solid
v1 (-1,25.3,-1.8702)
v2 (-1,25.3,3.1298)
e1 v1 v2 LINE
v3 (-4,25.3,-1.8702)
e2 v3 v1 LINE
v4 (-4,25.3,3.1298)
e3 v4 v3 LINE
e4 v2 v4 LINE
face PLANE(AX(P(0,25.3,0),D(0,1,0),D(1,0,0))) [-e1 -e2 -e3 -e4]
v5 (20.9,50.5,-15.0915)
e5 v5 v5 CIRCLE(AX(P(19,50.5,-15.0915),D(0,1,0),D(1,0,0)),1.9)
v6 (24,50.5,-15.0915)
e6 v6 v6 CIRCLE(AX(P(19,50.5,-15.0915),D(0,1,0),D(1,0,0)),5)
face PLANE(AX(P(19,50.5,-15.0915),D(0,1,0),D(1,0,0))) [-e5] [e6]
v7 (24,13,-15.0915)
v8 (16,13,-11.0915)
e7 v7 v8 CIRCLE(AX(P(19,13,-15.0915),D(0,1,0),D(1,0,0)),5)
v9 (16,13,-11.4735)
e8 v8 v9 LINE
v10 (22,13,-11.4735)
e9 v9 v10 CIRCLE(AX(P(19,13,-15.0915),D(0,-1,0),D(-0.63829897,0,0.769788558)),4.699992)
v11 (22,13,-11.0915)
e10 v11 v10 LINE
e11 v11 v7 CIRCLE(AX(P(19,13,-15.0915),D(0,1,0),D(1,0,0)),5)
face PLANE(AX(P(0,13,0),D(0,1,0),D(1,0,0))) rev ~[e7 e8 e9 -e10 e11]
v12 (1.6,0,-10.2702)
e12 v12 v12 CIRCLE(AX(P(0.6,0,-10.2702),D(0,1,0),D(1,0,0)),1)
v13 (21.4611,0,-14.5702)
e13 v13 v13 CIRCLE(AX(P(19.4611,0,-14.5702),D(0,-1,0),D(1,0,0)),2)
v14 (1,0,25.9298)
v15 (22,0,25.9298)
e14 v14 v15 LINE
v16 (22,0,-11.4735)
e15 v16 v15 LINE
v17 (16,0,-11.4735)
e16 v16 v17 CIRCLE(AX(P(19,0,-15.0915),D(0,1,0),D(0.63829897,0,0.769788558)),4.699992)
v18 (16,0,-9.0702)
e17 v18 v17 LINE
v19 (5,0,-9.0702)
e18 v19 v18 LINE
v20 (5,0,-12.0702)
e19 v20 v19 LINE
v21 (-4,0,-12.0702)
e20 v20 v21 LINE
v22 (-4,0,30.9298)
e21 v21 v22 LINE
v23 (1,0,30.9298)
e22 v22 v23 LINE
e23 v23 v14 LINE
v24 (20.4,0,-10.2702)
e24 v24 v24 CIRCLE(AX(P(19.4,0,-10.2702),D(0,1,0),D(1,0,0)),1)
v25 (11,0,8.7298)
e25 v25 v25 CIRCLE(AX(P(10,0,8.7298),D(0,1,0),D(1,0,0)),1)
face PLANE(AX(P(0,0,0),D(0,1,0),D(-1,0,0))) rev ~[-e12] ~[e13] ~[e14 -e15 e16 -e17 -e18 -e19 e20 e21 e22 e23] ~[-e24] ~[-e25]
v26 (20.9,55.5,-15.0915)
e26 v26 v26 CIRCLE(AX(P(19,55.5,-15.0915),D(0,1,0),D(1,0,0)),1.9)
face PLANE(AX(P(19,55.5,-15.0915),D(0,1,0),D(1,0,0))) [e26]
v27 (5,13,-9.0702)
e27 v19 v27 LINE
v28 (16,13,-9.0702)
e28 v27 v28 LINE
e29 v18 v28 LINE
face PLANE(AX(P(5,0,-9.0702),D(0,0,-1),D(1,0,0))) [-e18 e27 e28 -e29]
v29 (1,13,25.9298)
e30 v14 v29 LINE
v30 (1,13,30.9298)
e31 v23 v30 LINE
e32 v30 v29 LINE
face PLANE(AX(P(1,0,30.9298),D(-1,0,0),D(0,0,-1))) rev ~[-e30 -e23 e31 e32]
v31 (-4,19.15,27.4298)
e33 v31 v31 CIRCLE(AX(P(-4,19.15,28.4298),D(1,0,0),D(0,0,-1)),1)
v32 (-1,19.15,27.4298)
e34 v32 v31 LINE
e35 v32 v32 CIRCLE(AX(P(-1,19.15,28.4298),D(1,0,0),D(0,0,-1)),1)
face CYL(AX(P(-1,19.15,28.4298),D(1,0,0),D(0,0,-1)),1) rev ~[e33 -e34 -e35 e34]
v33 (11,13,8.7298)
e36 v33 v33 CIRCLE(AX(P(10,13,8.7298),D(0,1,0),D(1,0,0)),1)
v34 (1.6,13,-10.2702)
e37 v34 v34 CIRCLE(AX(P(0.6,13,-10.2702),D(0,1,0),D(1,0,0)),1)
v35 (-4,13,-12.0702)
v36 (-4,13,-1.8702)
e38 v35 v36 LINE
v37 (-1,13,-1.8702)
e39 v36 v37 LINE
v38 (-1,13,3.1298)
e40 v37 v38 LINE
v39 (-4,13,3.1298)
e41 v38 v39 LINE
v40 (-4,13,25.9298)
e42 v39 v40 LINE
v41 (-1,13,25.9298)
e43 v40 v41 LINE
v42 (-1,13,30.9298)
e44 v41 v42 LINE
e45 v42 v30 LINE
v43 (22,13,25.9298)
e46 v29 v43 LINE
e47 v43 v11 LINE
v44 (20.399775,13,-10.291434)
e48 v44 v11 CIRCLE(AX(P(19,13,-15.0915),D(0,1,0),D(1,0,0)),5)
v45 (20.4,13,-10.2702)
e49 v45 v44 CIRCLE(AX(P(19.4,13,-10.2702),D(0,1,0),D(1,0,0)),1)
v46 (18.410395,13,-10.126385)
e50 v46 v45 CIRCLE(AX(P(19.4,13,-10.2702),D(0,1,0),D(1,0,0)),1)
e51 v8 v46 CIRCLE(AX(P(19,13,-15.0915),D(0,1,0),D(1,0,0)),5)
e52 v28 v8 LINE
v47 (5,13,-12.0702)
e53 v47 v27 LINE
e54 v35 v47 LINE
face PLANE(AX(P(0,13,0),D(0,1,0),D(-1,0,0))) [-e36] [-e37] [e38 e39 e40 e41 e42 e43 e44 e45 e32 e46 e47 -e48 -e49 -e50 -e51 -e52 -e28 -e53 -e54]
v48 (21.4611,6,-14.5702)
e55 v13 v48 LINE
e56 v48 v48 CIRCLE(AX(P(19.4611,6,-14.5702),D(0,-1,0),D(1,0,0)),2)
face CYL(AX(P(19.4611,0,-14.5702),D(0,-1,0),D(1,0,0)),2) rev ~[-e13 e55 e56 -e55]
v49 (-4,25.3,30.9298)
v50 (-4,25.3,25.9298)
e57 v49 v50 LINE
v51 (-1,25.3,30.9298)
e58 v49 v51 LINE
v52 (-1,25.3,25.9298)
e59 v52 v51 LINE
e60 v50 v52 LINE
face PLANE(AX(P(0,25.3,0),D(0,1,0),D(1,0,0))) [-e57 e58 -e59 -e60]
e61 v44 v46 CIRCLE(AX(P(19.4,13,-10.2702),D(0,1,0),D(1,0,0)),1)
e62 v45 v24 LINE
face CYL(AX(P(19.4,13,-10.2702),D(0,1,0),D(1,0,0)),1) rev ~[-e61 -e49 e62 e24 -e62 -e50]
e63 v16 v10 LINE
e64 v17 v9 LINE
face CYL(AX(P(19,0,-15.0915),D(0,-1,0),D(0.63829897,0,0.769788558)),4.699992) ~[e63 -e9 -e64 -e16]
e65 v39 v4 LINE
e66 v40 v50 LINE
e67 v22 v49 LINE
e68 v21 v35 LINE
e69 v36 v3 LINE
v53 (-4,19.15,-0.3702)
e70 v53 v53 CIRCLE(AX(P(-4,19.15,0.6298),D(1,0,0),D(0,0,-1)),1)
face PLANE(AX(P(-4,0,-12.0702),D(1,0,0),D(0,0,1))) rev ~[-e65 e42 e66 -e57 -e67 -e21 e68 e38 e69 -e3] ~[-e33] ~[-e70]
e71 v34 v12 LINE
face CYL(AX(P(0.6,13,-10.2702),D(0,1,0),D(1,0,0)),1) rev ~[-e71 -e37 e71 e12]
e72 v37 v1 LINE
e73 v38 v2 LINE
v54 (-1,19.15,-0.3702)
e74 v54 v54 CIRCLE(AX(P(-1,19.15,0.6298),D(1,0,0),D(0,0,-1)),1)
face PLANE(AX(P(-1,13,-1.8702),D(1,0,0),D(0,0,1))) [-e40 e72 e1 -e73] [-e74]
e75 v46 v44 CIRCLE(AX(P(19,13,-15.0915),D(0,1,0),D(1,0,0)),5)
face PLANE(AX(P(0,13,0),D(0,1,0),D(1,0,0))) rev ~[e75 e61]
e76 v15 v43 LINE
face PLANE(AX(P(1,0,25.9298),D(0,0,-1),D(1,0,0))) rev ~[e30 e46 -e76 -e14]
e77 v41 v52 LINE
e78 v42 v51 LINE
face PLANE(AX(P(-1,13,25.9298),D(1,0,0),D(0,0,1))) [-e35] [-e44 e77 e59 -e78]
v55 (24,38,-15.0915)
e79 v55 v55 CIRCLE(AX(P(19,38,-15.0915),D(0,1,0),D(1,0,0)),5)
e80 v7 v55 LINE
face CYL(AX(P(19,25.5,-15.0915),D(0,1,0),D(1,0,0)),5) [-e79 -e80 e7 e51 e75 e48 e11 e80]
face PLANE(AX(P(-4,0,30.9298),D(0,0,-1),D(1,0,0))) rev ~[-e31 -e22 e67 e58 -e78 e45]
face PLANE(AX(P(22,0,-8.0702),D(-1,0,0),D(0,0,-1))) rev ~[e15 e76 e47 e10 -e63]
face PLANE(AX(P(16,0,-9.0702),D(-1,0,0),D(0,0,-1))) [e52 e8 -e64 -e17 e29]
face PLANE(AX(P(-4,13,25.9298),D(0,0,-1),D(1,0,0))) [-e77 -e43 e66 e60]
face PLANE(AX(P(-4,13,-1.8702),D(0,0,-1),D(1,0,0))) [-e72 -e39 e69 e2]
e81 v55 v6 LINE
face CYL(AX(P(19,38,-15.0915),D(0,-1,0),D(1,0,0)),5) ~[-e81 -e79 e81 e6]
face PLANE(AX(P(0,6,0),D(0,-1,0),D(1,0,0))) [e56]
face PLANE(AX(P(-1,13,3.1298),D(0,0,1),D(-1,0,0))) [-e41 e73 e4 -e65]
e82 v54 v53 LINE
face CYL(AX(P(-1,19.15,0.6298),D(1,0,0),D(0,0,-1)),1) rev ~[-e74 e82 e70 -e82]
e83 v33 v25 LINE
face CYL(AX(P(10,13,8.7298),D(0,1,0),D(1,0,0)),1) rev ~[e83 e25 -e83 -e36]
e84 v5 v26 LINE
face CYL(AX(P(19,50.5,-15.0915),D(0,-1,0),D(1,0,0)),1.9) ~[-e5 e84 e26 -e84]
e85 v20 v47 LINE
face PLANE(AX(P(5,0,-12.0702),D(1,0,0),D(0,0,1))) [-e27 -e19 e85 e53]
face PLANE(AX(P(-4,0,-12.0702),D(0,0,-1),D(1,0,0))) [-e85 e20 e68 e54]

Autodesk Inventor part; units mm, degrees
ref_plane "YZ Plane" through (0, 0, 0) normal (1, 0, 0) x (0, 1, 0)
ref_plane "XZ Plane" through (0, 0, 0) normal (0, 1, 0) x (-1, 0, 0)
ref_plane "XY Plane" through (0, 0, 0) normal (0, 0, 1) x (1, 0, 0)
sketch "Sketch1" plane through (0, 0, 0) normal (0, 1, 0) x (-1, 0, 0)
  line L0 (4, -12.0702) -> (4, 30.9298)
  line L1 (4, 30.9298) -> (-1, 30.9298)
  line L2 (-1, 30.9298) -> (-1, 25.9298)
  line L3 (-1, 25.9298) -> (-22, 25.9298)
  line L4 (4, -12.0702) -> (-1, -12.0702)
  line L5 (-1, -12.0702) -> (-1, -12.0702)
  line L6 (-22, -8.0702) -> (-22, -8.0702)
  line L7 (-22, -8.0702) -> (-22, 3.3216)
  line L8 (-22, 3.3216) -> (-22, 3.3216)
  line L9 (-22, 3.3216) -> (-22, 25.9298)
  line L10 (-1, -12.0702) -> (-5, -12.0702)
  line L11 (-5, -12.0702) -> (-5, -9.0702)
  line L12 (-5, -9.0702) -> (-16, -9.0702)
  arc A0 (-22, -11.4735) -> (-16, -11.4735) centre (-19, -15.0915) ccw
  line L13 (-16, -9.0702) -> (-16, -11.4735)
  line L14 (-22, -8.0702) -> (-22, -11.4735)
  point P0 (0, 0)
  dimension "d28" = 5
  dimension "d30" = 0
  dimension "d69" = 5
  dimension "d118" = 4
  dimension "d119" = 3
  dimension "d130" = 4.7
  dimension "d148" = 35
  dimension "d151" = 2.4033
extrude "Extrusion1" add sketch "Sketch1" along normal blind 13
sketch "Sketch5" plane through (0, 13, 0) normal (0, 1, 0) x (1, 0, 0)
  line L0 (-4, -30.9298) -> (1, -30.9298) projected
  line L1 (-1, -30.9298) -> (-4, -30.9298)
  line L2 (-4, -30.9298) -> (-4, -25.9298)
  line L3 (-4, -25.9298) -> (-1, -25.9298)
  line L4 (-1, -25.9298) -> (-1, -30.9298)
  line L5 (1, -30.9298) -> (1, -25.9298) projected
  line L6 (-4, 1.8702) -> (-1, 1.8702)
  line L7 (-1, 1.8702) -> (-1, -3.1298)
  line L8 (-1, -3.1298) -> (-4, -3.1298)
  line L9 (-4, -3.1298) -> (-4, 1.8702)
  line L10 (1, 12.0702) -> (1, 17.0702) projected
  line L11 (5, 12.0702) -> (-4, 12.0702) projected
  point P0 (0, 0)
  point P1 (-4, 12.0702)
  dimension "d60" = 5
  dimension "d61" = 3
  dimension "d62" = 2
  dimension "d63" = 2
  dimension "d64" = 3
  dimension "d65" = 5
  dimension "d149" = 22.8
extrude "Extrusion6" add sketch "Sketch5" along normal blind 12.3
sketch "Sketch6" plane through (-1, 13, 30.9298) normal (1, 0, 0) x (0, 0, -1)
  circle A0 centre (2.5, 6.15) radius 1
  line L0 (0, 12.3) -> (5, 12.3) projected
  line L1 (0, 0) -> (0, 12.3) projected
  circle A1 centre (30.3, 6.15) radius 1
  line L2 (27.8, 12.3) -> (32.8, 12.3) projected
  line L3 (27.8, 0) -> (27.8, 12.3) projected
  point P0 (30.9298, -13)
  dimension "d70" = 2
  dimension "d71" = 6.15
  dimension "d72" = 2.5
  dimension "d73" = 2
  dimension "d74" = 6.15
  dimension "d75" = 2.5
extrude "Extrusion7" cut sketch "Sketch6" against normal blind 12.3
thread "Thread6" size "M2x0.4" class "6H" standard "ANSI Metric M Profile" length 10
thread "Thread7" size "M2x0.4" class "6H" standard "ANSI Metric M Profile" length 10
sketch "Sketch10" plane through (0, 13, 0) normal (0, 1, 0) x (1, 0, 0)
  circle A0 centre (0.6, 10.2702) radius 1
  circle A1 centre (19.4, 10.2702) radius 1
  circle A2 centre (10, -8.7298) radius 1
  line L0 (1, -25.9298) -> (22, -25.9298) projected
  line L1 (-4, -3.1298) -> (-4, -25.9298) projected
  line L2 (5, 12.0702) -> (-4, 12.0702) projected
  line L3 (5, 9.0702) -> (5, 12.0702) projected
  line L4 (5, 12.0702) -> (1, 12.0702) projected
  point P0 (0, 0)
  point P1 (1, 17.0702)
  point P2 (-1, 17.0702)
  point P3 (-4, 12.0702)
  dimension "d108" = 2
  dimension "d109" = 2
  dimension "d110" = 2
  dimension "d111" = 9.4
  dimension "d112" = 9.4
  dimension "d113" = 19
  dimension "d117" = 19
  dimension "d121" = 14
  dimension "d150" = 1.8
extrude "Extrusion11" cut sketch "Sketch10" against normal blind 15
sketch "Sketch13" plane through (0, 13, 0) normal (0, 1, 0) x (1, 0, 0)
  point P0 (0, 0)
sketch "Sketch14" plane through (0, 0, 0) normal (0, -1, 0) x (1, 0, 0)
  circle A0 centre (19.4611, -14.5702) radius 2
  circle A1 centre (19.4, -10.2702) radius 1 projected
  point P0 (0, 0)
  dimension "d131" = 4
  dimension "d132" = 4.3
extrude "Extrusion12" cut sketch "Sketch14" against normal blind 6 contours A0
sketch "Sketch15" plane through (0, 13, 0) normal (0, 1, 0) x (1, 0, 0)
  arc A0 (22, 11.4735) -> (16, 11.4735) centre (19, 15.0915) ccw projected
  line L0 (15.3998, 12.0702) -> (22.6002, 12.0702)
  arc A1 (22.6002, 12.0702) -> (15.3998, 12.0702) centre (19, 15.0915) ccw
  line L1 (1, -25.9298) -> (22, -25.9298) projected
  point P0 (0, 0)
  dimension "d135" = 22.8
extrude "Extrusion13" add sketch "Sketch15" along normal blind 12.5
sketch "Sketch16" plane through (0, 25.5, 0) normal (0, 1, 0) x (1, 0, 0)
  arc A0 (22, 11.4735) -> (16, 11.4735) centre (19, 15.0915) ccw projected
  circle A1 centre (19, 15.0915) radius 5
  point P0 (0, 0)
  dimension "d138" = 10
extrude "Extrusion14" add sketch "Sketch16" along normal mid plane 25
sketch "Sketch18" plane through (19, 38, -15.0915) normal (0, 1, 0) x (1, 0, 0)
  circle A0 centre (0, 0) radius 5
  point P0 (-19, -15.0915)
extrude "Extrusion16" add sketch "Sketch18" along normal blind 12.5
sketch "Sketch19" plane through (19, 50.5, -15.0915) normal (0, 1, 0) x (1, 0, 0)
  circle A0 centre (0, 0) radius 1.9
  point P0 (-19, -15.0915)
  dimension "d154" = 3.8
extrude "Extrusion17" add sketch "Sketch19" along normal blind 5
properties part number "4_2.(new).stl"
